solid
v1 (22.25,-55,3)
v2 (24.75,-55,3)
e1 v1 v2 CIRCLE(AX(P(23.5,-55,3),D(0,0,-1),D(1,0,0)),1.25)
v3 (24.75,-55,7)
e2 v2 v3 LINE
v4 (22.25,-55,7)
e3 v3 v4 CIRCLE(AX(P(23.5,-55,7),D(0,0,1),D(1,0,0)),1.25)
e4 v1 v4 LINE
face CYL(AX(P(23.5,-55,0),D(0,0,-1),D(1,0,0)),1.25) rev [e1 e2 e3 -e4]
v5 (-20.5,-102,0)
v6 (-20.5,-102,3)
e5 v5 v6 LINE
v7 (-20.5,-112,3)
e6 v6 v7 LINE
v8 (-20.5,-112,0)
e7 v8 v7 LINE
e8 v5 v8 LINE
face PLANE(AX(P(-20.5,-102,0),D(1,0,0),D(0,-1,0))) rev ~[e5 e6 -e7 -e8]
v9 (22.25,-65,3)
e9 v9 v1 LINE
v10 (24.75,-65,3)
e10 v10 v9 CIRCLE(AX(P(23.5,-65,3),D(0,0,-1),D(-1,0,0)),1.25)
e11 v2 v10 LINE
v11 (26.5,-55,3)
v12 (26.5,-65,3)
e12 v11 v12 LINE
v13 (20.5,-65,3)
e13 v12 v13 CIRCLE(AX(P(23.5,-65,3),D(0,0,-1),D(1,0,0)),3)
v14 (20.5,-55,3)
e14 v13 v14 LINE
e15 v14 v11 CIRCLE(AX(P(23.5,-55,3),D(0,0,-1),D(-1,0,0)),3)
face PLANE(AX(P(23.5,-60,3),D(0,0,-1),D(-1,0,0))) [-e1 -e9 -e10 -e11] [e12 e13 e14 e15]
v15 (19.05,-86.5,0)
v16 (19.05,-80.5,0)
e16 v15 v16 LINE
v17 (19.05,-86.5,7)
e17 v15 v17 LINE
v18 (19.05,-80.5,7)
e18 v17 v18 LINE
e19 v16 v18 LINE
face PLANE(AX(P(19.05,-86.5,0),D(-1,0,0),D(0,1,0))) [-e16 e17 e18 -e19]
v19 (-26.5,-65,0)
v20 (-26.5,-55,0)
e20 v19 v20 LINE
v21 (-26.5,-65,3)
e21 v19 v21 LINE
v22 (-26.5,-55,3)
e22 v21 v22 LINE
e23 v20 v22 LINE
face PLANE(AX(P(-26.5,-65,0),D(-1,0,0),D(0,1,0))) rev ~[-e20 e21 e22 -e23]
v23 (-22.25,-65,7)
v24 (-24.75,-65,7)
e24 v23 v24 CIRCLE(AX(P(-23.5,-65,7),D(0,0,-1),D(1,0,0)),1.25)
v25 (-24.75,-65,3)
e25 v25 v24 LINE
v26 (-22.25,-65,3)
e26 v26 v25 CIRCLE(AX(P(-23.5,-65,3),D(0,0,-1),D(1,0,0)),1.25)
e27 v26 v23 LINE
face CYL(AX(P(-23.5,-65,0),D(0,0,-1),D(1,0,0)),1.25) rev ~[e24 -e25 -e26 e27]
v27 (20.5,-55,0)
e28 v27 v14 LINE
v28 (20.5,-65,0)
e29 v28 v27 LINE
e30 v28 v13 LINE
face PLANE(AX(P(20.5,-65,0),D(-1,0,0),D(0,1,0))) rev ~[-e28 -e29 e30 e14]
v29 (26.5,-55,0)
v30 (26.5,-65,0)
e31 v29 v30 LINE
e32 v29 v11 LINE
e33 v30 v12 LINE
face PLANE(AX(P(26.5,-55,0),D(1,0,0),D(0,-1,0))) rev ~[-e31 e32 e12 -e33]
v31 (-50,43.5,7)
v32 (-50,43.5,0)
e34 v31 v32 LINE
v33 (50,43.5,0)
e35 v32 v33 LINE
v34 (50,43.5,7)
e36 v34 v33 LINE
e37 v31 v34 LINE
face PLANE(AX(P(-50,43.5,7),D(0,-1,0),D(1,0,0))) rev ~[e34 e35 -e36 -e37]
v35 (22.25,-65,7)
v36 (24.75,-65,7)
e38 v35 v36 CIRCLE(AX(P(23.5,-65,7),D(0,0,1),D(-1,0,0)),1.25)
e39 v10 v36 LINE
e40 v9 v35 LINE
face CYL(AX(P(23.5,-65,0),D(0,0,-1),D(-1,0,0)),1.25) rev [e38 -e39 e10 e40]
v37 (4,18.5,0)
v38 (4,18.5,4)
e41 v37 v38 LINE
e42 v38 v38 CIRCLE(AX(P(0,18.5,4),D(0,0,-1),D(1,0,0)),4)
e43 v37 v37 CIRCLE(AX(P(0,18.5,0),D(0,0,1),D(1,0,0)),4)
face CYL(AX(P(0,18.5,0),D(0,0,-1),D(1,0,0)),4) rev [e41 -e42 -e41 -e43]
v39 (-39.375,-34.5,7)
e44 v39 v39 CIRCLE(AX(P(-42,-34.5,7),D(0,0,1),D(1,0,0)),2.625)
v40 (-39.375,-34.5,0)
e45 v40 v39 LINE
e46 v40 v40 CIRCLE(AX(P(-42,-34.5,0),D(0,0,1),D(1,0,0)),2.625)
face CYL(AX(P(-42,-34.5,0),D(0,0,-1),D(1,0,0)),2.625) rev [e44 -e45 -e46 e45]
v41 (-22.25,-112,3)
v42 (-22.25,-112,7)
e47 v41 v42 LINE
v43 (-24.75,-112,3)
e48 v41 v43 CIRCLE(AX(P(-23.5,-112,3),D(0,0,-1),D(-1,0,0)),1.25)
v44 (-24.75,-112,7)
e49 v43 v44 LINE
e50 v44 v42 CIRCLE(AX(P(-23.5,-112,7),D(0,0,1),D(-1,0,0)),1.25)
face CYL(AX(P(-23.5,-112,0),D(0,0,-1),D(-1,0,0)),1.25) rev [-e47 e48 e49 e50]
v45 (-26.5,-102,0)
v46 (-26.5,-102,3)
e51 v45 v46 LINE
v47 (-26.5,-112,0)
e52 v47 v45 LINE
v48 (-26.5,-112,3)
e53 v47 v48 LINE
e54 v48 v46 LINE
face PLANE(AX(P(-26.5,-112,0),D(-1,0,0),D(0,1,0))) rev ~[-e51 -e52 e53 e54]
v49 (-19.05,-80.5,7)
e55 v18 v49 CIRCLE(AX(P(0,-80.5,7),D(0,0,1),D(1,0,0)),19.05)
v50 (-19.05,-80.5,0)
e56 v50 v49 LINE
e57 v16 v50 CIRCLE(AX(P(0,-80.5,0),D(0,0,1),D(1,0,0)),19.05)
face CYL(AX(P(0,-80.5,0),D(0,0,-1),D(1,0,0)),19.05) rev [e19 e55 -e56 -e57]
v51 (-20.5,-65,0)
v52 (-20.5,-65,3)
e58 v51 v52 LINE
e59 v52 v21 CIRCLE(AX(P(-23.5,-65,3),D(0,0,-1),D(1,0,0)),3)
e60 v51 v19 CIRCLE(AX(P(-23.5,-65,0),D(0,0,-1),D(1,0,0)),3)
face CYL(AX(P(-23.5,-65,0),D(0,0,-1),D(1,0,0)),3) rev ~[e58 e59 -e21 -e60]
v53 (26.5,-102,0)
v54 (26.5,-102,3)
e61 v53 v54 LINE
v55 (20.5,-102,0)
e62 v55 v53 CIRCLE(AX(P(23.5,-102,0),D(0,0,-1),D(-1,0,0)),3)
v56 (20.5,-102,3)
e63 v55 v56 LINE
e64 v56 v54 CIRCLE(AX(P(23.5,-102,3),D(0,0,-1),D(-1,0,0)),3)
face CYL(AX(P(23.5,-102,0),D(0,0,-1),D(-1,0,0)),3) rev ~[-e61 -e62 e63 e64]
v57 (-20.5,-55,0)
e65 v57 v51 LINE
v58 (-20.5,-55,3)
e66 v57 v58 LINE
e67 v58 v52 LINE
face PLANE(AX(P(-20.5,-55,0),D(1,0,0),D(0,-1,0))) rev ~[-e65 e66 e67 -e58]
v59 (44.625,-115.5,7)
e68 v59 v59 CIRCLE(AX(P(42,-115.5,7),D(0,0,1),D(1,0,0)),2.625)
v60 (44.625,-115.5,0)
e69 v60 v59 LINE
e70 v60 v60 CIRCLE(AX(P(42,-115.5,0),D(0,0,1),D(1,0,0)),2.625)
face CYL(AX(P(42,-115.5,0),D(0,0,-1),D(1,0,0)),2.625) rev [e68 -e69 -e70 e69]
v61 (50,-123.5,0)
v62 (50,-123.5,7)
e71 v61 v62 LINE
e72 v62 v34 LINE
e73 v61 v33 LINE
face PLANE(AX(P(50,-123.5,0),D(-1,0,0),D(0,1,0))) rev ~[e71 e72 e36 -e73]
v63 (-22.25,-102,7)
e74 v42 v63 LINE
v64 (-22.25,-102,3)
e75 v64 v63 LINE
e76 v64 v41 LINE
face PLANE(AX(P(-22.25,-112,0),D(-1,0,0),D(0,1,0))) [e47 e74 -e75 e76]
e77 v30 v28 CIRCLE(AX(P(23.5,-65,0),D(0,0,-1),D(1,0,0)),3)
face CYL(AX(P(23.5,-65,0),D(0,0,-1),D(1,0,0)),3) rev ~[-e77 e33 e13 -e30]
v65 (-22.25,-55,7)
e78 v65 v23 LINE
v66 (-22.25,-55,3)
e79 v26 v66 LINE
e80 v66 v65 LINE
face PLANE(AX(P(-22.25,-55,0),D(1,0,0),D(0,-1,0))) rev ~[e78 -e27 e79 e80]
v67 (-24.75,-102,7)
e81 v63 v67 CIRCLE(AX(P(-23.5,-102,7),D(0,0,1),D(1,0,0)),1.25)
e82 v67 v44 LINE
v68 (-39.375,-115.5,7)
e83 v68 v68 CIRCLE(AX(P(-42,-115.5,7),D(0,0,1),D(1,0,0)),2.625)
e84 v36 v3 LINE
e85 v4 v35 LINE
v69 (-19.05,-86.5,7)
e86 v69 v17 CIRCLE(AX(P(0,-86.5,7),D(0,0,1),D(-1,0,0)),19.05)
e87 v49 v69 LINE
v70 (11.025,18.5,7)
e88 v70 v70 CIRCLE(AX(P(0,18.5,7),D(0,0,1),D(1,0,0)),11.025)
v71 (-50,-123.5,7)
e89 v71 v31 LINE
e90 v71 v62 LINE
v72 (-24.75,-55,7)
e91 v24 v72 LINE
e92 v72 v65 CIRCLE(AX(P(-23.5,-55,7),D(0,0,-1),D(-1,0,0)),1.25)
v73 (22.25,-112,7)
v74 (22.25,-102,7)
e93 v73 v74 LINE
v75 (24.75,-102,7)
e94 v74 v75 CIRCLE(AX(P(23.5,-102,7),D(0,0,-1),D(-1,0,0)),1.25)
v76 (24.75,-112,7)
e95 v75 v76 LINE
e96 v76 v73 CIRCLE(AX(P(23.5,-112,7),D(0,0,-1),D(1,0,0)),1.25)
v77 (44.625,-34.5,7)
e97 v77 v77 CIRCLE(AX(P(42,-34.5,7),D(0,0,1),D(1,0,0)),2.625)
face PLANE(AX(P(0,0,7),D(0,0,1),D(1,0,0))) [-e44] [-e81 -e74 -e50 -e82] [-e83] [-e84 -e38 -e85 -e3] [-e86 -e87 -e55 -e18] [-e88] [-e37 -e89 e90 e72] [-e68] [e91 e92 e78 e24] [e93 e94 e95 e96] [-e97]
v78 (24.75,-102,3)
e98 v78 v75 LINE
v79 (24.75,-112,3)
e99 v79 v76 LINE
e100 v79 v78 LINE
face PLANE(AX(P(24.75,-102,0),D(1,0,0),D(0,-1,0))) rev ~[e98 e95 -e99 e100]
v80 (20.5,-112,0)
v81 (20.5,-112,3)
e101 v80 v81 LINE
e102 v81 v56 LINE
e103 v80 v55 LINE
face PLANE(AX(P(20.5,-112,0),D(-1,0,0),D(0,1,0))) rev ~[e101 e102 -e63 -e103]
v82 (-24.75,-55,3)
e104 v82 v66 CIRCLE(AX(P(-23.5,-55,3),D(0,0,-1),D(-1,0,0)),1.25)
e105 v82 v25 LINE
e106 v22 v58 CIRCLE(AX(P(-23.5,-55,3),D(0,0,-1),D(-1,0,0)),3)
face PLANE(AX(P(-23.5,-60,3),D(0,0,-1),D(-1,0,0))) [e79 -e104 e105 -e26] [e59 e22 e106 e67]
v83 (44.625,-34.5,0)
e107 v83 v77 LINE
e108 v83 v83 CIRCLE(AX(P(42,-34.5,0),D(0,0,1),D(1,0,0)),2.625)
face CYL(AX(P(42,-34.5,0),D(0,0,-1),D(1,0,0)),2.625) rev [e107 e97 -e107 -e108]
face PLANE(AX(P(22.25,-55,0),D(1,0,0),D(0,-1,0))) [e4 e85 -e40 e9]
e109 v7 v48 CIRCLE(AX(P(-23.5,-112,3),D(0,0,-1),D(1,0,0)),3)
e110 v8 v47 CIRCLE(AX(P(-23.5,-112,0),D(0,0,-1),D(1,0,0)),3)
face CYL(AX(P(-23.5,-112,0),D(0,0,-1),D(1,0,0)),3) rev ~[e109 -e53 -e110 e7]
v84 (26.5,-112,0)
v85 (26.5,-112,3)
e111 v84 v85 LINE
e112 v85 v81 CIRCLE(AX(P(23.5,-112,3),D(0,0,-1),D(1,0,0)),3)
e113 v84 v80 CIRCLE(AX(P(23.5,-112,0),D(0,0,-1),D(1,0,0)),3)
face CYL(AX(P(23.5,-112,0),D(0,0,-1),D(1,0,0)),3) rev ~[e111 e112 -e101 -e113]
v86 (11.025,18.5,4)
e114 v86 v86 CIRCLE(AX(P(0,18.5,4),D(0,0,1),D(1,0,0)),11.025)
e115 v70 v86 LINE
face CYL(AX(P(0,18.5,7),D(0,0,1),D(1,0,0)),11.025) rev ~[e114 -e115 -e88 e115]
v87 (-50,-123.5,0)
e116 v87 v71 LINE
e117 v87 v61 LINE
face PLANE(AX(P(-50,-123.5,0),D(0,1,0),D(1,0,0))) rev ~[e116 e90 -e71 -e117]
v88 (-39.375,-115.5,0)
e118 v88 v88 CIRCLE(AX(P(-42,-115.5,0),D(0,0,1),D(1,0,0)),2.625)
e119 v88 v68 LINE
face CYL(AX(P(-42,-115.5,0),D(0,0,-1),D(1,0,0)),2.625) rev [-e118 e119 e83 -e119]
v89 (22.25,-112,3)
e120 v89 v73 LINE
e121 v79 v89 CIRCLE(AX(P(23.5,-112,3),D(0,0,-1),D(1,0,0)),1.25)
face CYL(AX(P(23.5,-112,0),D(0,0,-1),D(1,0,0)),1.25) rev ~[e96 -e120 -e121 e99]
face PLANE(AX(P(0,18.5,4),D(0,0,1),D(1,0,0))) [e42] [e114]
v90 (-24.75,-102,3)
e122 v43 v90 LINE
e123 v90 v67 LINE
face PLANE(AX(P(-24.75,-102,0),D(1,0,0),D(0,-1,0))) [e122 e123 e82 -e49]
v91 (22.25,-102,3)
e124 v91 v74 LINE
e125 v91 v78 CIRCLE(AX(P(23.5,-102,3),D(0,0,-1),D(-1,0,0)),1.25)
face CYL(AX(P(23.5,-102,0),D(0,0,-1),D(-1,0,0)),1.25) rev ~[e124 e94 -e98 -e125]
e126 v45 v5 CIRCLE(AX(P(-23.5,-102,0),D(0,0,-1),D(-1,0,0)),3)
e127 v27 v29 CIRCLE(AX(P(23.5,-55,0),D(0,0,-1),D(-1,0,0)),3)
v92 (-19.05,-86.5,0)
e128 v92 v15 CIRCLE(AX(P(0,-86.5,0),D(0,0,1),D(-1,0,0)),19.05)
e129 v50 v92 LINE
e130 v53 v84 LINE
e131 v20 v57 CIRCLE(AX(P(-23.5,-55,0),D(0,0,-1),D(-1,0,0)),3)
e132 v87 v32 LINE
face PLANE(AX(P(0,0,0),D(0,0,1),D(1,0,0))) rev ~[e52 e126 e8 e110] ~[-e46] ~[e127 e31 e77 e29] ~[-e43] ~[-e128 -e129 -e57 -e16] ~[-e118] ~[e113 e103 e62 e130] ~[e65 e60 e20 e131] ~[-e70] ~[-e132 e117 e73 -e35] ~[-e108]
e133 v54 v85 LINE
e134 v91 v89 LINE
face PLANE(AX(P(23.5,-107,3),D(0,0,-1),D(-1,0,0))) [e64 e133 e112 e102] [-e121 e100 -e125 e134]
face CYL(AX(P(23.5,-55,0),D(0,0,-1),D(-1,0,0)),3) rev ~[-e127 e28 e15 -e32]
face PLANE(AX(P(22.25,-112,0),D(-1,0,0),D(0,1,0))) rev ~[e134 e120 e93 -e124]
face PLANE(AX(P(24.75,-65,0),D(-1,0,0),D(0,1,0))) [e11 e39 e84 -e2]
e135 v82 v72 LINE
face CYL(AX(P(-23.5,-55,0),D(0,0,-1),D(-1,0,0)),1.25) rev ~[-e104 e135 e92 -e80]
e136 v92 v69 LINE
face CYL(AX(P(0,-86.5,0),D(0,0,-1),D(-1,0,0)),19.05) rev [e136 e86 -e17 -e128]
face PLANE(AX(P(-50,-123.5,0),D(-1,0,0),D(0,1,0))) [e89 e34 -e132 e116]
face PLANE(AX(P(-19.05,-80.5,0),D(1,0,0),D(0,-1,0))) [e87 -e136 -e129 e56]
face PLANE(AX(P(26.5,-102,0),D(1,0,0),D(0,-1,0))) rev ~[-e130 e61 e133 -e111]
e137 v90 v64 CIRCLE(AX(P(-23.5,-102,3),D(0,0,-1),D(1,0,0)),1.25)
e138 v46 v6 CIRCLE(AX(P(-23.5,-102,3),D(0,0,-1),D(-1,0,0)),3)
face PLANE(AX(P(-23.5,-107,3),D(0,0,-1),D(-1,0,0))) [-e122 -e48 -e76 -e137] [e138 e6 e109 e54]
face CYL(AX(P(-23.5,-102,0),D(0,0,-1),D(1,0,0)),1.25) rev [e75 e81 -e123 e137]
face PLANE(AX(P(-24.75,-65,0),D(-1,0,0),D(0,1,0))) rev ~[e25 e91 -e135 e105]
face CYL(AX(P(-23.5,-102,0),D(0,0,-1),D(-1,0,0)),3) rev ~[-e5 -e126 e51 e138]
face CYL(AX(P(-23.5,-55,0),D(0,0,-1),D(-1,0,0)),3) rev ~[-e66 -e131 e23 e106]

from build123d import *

# Parameters (mm, degrees)
SKETCH1_W           = 100
SKETCH1_H           = 247
SKETCH1_R           = 2.625
SKETCH1_R_2         = 4
BOSS_EXTRUDE1_DEPTH = 7
SKETCH2_R           = 11.025
CUT_EXTRUDE1_DEPTH  = 3
CUT_EXTRUDE2_DEPTH  = 3
SKETCH4_W           = 100
SKETCH4_H           = 80
CUT_EXTRUDE3_DEPTH  = 134.421325132


with BuildPart() as part:
    # Sketch1 → Boss-Extrude1 (new body)
    with BuildSketch(Plane.XY):
        Rectangle(SKETCH1_W, SKETCH1_H)
        with Locations((-42, -34.5)):
            Circle(SKETCH1_R, mode=Mode.SUBTRACT)
        with Locations((42, -34.5)):
            Circle(SKETCH1_R, mode=Mode.SUBTRACT)
        with Locations((-42, -115.5)):
            Circle(SKETCH1_R, mode=Mode.SUBTRACT)
        with Locations((42, -115.5)):
            Circle(SKETCH1_R, mode=Mode.SUBTRACT)
        with Locations((0, 18.5)):
            Circle(SKETCH1_R_2, mode=Mode.SUBTRACT)
        with Locations((42, 115.5)):
            Circle(SKETCH1_R, mode=Mode.SUBTRACT)
        with Locations((-42, 115.5)):
            Circle(SKETCH1_R, mode=Mode.SUBTRACT)
        with BuildLine():
            Line((-19.05, -80.5), (-19.05, -86.5))
            ThreePointArc((-19.05, -86.5), (0, -105.55), (19.05, -86.5))
            Line((19.05, -86.5), (19.05, -80.5))
            ThreePointArc((19.05, -80.5), (0, -61.45), (-19.05, -80.5))
        make_face(mode=Mode.SUBTRACT)
        with BuildLine():
            Line((-22.25, -55), (-22.25, -65))
            ThreePointArc((-22.25, -65), (-23.5, -66.25), (-24.75, -65))
            Line((-24.75, -65), (-24.75, -55))
            ThreePointArc((-24.75, -55), (-23.5, -53.75), (-22.25, -55))
        make_face(mode=Mode.SUBTRACT)
        with BuildLine():
            Line((22.25, -55), (22.25, -65))
            ThreePointArc((22.25, -65), (23.5, -66.25), (24.75, -65))
            Line((24.75, -65), (24.75, -55))
            ThreePointArc((24.75, -55), (23.5, -53.75), (22.25, -55))
        make_face(mode=Mode.SUBTRACT)
        with BuildLine():
            Line((22.25, -112), (22.25, -102))
            ThreePointArc((22.25, -102), (23.5, -100.75), (24.75, -102))
            Line((24.75, -102), (24.75, -112))
            ThreePointArc((24.75, -112), (23.5, -113.25), (22.25, -112))
        make_face(mode=Mode.SUBTRACT)
        with BuildLine():
            Line((-22.25, -112), (-22.25, -102))
            ThreePointArc((-22.25, -102), (-23.5, -100.75), (-24.75, -102))
            Line((-24.75, -102), (-24.75, -112))
            ThreePointArc((-24.75, -112), (-23.5, -113.25), (-22.25, -112))
        make_face(mode=Mode.SUBTRACT)
    extrude(amount=BOSS_EXTRUDE1_DEPTH)

    # Sketch2 → Cut-Extrude1 (cut)
    with BuildSketch(Plane.XY.offset(7)):
        with Locations((0, 18.5)):
            Circle(SKETCH2_R)
    extrude(amount=-CUT_EXTRUDE1_DEPTH, mode=Mode.SUBTRACT)

    # Sketch3 → Cut-Extrude2 (cut)
    with BuildSketch(Plane.XY):
        with BuildLine():
            Line((-26.5, -65), (-26.5, -55))
            ThreePointArc((-26.5, -55), (-23.5, -52), (-20.5, -55))
            Line((-20.5, -55), (-20.5, -65))
            ThreePointArc((-20.5, -65), (-23.5, -68), (-26.5, -65))
        make_face()
        with BuildLine():
            Line((20.5, -65), (20.5, -55))
            ThreePointArc((20.5, -55), (23.5, -52), (26.5, -55))
            Line((26.5, -55), (26.5, -65))
            ThreePointArc((26.5, -65), (23.5, -68), (20.5, -65))
        make_face()
        with BuildLine():
            Line((-26.5, -112), (-26.5, -102))
            ThreePointArc((-26.5, -102), (-23.5, -99), (-20.5, -102))
            Line((-20.5, -102), (-20.5, -112))
            ThreePointArc((-20.5, -112), (-23.5, -115), (-26.5, -112))
        make_face()
        with BuildLine():
            Line((20.5, -112), (20.5, -102))
            ThreePointArc((20.5, -102), (23.5, -99), (26.5, -102))
            Line((26.5, -102), (26.5, -112))
            ThreePointArc((26.5, -112), (23.5, -115), (20.5, -112))
        make_face()
    extrude(amount=CUT_EXTRUDE2_DEPTH, mode=Mode.SUBTRACT)

    # Sketch4 → Cut-Extrude3 (cut, through all)
    with BuildSketch(Plane.XY.offset(7)):
        with Locations((0, 83.5)):
            Rectangle(SKETCH4_W, SKETCH4_H)
    extrude(amount=-CUT_EXTRUDE3_DEPTH, mode=Mode.SUBTRACT)


solid = part.part
